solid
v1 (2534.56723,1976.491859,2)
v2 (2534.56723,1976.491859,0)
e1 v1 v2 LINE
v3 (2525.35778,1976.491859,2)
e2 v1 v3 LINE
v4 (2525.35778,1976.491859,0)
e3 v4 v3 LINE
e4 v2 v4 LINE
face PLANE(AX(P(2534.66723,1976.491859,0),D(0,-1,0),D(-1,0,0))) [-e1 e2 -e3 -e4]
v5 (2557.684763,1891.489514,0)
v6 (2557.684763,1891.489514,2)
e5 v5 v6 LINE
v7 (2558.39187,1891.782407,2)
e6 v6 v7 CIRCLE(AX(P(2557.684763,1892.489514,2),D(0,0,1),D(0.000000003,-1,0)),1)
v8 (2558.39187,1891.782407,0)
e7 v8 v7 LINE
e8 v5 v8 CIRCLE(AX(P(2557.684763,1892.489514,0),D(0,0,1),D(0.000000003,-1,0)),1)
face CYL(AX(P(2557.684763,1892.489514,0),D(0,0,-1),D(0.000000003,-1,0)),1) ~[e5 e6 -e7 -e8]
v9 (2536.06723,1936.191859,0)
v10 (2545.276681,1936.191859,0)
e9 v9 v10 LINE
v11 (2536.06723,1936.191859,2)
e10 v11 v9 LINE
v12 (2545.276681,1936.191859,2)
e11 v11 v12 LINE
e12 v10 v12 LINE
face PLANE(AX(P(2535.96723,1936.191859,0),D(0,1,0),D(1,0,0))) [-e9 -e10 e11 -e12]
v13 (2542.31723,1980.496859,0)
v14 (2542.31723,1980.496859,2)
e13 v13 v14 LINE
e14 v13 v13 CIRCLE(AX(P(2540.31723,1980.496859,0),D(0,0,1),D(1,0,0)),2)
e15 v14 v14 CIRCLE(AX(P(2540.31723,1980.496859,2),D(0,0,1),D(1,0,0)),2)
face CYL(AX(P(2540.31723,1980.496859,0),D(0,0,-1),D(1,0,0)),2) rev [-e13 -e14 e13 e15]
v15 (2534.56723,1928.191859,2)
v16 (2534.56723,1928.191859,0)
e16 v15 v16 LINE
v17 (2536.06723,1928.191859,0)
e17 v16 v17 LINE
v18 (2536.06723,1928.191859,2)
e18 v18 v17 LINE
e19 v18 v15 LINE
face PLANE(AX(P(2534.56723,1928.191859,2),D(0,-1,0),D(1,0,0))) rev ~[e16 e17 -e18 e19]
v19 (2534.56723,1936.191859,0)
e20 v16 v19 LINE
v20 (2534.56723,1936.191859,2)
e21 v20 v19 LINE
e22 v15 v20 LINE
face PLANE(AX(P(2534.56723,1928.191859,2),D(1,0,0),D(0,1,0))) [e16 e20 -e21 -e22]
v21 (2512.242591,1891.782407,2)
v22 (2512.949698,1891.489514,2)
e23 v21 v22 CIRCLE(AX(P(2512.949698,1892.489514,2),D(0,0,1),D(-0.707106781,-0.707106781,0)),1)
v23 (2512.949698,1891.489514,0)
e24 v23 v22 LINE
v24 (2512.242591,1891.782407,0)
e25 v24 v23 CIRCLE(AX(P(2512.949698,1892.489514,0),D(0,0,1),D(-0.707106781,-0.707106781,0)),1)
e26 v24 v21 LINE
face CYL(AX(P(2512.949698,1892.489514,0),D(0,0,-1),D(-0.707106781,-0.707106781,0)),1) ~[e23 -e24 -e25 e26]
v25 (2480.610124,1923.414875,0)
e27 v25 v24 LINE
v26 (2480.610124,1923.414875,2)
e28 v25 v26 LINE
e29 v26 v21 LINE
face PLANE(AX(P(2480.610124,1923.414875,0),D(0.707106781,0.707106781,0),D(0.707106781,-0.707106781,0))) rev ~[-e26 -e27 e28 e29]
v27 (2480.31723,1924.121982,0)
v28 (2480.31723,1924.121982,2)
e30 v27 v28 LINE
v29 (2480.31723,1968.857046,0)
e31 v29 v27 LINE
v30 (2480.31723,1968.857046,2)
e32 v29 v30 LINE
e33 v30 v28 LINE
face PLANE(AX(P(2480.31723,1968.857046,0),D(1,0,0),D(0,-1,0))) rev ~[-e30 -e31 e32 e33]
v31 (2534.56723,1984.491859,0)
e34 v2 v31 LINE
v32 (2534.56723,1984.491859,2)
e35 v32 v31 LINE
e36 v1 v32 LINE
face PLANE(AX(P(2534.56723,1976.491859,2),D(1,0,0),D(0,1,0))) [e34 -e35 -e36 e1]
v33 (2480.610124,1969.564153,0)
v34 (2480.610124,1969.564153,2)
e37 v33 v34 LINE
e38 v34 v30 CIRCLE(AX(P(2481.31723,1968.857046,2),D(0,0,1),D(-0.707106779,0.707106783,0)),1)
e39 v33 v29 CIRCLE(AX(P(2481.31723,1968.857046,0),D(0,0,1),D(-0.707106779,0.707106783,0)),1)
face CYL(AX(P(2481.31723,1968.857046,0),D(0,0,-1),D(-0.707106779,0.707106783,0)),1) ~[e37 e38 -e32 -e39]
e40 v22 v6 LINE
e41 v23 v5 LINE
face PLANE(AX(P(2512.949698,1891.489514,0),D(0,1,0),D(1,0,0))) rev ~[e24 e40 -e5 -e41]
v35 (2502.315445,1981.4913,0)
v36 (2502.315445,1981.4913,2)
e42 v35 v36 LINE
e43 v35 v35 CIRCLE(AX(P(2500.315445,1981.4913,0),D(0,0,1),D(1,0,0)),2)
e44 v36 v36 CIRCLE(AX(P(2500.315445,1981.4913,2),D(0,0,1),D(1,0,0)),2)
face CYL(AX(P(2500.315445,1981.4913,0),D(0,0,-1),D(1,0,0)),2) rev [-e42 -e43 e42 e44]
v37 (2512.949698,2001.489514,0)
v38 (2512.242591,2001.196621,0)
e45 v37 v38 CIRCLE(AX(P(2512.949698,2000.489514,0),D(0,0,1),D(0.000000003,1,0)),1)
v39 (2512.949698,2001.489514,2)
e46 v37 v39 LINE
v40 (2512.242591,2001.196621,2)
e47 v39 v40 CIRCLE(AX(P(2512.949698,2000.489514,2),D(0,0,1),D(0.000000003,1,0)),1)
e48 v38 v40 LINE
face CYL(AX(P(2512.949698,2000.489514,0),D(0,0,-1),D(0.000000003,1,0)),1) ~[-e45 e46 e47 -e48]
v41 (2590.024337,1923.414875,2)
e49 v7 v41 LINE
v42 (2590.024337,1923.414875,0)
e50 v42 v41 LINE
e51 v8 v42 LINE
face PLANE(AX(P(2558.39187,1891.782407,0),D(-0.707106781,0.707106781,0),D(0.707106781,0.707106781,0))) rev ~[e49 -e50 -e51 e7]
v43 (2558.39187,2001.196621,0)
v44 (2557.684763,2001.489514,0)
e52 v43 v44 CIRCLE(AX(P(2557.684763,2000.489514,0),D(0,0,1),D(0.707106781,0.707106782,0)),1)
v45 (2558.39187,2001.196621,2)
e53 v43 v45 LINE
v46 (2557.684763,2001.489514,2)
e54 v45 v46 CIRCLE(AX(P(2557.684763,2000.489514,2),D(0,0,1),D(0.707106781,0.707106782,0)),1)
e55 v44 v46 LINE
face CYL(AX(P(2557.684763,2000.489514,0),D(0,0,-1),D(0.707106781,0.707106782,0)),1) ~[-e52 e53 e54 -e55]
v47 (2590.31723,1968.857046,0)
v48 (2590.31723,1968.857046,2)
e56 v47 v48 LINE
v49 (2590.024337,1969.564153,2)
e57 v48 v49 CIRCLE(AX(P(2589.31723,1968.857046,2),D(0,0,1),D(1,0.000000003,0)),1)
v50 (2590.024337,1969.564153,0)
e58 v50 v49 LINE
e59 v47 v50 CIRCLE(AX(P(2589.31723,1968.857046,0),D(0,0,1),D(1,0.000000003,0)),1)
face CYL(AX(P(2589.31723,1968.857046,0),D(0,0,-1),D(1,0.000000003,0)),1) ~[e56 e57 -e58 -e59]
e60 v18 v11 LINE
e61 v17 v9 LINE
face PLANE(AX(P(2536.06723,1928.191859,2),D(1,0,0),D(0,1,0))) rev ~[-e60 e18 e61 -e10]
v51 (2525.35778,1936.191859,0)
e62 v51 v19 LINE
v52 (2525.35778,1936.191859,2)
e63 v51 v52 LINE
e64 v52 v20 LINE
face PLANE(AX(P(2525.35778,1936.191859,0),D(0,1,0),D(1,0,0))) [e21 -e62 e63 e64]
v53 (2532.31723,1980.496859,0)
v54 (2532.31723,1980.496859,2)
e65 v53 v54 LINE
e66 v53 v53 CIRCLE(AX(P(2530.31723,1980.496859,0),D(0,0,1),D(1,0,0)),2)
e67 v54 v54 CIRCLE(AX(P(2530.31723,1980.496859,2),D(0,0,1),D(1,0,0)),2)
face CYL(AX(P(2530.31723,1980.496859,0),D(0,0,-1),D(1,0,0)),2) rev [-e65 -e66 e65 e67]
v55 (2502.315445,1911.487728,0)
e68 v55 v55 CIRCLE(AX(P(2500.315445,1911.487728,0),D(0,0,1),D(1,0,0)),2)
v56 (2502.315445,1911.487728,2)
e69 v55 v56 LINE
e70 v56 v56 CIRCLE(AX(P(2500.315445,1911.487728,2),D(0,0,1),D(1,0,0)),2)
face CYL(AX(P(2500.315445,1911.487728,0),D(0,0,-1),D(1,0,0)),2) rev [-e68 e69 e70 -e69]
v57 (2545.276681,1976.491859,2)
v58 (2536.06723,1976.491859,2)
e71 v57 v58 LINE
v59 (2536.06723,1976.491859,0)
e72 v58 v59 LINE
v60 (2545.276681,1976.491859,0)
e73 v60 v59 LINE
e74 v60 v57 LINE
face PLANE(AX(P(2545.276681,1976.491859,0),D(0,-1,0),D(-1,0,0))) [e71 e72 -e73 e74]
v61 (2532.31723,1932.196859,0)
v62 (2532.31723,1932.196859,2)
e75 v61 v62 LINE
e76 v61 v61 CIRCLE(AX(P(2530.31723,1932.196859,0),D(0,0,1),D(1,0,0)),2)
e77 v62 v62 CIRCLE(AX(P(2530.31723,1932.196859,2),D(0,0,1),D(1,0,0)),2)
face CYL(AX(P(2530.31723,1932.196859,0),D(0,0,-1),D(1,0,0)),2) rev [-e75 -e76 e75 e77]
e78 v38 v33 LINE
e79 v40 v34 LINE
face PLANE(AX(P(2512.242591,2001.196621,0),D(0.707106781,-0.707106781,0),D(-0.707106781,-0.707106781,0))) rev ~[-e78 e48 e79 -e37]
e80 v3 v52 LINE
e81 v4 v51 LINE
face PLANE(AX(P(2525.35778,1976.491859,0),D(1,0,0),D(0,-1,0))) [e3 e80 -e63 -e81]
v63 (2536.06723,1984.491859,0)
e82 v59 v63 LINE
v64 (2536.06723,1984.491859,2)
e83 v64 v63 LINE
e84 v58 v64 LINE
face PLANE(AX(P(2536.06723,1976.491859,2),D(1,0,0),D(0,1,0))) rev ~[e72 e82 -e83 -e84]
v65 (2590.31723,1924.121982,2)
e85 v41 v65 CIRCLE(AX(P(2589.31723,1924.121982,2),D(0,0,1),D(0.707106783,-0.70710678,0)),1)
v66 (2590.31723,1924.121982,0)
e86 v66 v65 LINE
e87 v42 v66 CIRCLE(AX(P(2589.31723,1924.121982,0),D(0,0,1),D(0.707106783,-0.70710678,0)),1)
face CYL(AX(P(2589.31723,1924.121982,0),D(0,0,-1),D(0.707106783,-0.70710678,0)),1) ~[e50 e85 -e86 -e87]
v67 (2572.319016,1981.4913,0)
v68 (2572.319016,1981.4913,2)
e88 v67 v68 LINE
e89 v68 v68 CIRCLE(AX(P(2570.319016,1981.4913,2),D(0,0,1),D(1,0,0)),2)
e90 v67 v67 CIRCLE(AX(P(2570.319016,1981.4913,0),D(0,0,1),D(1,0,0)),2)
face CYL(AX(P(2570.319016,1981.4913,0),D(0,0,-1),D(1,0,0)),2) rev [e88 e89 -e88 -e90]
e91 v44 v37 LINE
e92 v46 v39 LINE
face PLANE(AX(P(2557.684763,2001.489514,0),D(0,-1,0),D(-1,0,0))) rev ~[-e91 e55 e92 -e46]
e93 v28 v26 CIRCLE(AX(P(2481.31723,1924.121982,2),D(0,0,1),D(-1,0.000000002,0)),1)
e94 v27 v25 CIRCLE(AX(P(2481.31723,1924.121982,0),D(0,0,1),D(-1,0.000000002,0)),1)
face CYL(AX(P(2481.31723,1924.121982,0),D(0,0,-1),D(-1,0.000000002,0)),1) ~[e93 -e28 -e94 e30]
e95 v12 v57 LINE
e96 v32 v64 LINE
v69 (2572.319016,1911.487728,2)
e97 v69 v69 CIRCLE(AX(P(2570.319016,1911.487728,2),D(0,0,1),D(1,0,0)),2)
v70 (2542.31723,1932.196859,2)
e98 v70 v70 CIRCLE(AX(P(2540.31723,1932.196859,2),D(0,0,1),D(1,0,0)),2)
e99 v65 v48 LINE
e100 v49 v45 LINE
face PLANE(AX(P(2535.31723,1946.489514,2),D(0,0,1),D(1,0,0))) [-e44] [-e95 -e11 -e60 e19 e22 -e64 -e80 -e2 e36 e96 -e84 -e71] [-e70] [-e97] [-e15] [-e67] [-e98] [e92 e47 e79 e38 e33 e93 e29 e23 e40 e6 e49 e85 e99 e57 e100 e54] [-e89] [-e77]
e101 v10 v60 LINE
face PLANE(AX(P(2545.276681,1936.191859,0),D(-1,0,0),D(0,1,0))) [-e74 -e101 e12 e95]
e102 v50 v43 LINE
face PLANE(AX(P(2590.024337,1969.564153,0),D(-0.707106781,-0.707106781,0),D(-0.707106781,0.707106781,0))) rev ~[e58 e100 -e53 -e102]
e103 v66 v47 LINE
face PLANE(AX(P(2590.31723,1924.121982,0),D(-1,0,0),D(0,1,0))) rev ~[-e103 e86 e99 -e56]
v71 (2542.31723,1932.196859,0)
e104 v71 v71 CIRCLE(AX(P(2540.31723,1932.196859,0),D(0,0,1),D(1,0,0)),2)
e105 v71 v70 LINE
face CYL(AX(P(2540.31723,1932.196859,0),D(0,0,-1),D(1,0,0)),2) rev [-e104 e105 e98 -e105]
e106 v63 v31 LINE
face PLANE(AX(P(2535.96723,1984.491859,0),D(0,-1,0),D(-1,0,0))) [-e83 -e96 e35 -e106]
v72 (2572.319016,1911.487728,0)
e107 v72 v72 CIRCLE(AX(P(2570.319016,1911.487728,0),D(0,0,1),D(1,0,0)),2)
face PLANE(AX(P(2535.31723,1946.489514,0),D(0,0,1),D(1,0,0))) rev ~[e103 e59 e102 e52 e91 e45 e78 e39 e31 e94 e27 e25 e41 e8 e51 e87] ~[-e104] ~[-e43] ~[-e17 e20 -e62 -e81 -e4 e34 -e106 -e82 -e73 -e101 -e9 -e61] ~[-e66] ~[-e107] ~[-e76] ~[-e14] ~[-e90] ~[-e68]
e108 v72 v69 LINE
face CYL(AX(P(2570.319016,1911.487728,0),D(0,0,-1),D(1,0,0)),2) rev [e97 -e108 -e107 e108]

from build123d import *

# Parameters (mm, degrees)
MODEL_R             = 2
EXTRUDE_1_DEPTH     = 2
SKETCH_3_W          = 0.1
SKETCH_3_H          = 8
CUT_EXTRUDE_1_DEPTH = 2
SKETCH_6_W          = 0.1
SKETCH_6_H          = 8
CUT_EXTRUDE_2_DEPTH = 2


with BuildPart() as part:
    # Model → 凸台-拉伸1 (new body)
    with BuildSketch(Plane.XY):
        with BuildLine():
            Line((2557.684762722, 2001.48951402), (2512.949697986, 2001.48951402))
            ThreePointArc((2512.949697986, 2001.48951402), (2512.567014553, 2001.413393553), (2512.242591205, 2001.196620802))
            Line((2512.242591205, 2001.196620802), (2480.610123573, 1969.56415317))
            ThreePointArc((2480.610123573, 1969.56415317), (2480.393350821, 1969.239729821), (2480.317230354, 1968.857046389))
            Line((2480.317230354, 1968.857046389), (2480.317230354, 1924.121981652))
            ThreePointArc((2480.317230354, 1924.121981652), (2480.393350821, 1923.73929822), (2480.610123573, 1923.414874871))
            Line((2480.610123573, 1923.414874871), (2512.242591205, 1891.782407239))
            ThreePointArc((2512.242591205, 1891.782407239), (2512.567014553, 1891.565634488), (2512.949697986, 1891.48951402))
            Line((2512.949697986, 1891.48951402), (2557.684762722, 1891.48951402))
            ThreePointArc((2557.684762722, 1891.48951402), (2558.067446154, 1891.565634488), (2558.391869503, 1891.782407239))
            Line((2558.391869503, 1891.782407239), (2590.024337135, 1923.414874871))
            ThreePointArc((2590.024337135, 1923.414874871), (2590.241109886, 1923.73929822), (2590.317230354, 1924.121981652))
            Line((2590.317230354, 1924.121981652), (2590.317230354, 1968.857046389))
            ThreePointArc((2590.317230354, 1968.857046389), (2590.241109886, 1969.239729821), (2590.024337135, 1969.56415317))
            Line((2590.024337135, 1969.56415317), (2558.391869503, 2001.196620802))
            ThreePointArc((2558.391869503, 2001.196620802), (2558.067446154, 2001.413393553), (2557.684762722, 2001.48951402))
        make_face()
        with Locations((2500.315444685, 1911.487728352)):
            Circle(MODEL_R, mode=Mode.SUBTRACT)
        with Locations((2570.319016023, 1981.491299689)):
            Circle(MODEL_R, mode=Mode.SUBTRACT)
        with Locations((2530.317230354, 1980.496859135)):
            Circle(MODEL_R, mode=Mode.SUBTRACT)
        with Locations((2540.317230354, 1932.196859135)):
            Circle(MODEL_R, mode=Mode.SUBTRACT)
        with Locations((2540.317230354, 1980.496859135)):
            Circle(MODEL_R, mode=Mode.SUBTRACT)
        with Locations((2500.315444685, 1981.491299689)):
            Circle(MODEL_R, mode=Mode.SUBTRACT)
        with Locations((2570.319016023, 1911.487728352)):
            Circle(MODEL_R, mode=Mode.SUBTRACT)
        with Locations((2530.317230354, 1932.196859135)):
            Circle(MODEL_R, mode=Mode.SUBTRACT)
        Polygon((2535.967230354, 1976.491859135), (2535.967230354, 1984.491859135), (2534.667230354, 1984.491859135), (2534.667230354, 1976.491859135), (2525.357779796, 1976.491859135), (2525.357779796, 1936.191859135), (2534.667230354, 1936.191859135), (2534.667230354, 1928.191859135), (2535.967230354, 1928.191859135), (2535.967230354, 1936.191859135), (2545.276680912, 1936.191859135), (2545.276680912, 1976.491859135), align=None, mode=Mode.SUBTRACT)
    extrude(amount=EXTRUDE_1_DEPTH)

    # 草图3 → 切除-拉伸1 (cut)
    with BuildSketch(Plane.XY.offset(2)):
        with Locations((2536.017230354, 1932.191859135)):
            Rectangle(SKETCH_3_W, SKETCH_3_H)
        with Locations((2534.617230354, 1932.191859135)):
            Rectangle(SKETCH_3_W, SKETCH_3_H)
    extrude(amount=-CUT_EXTRUDE_1_DEPTH, mode=Mode.SUBTRACT)

    # 草图6 → 切除-拉伸2 (cut)
    with BuildSketch(Plane.XY.offset(2)):
        with Locations((2536.017230354, 1980.491859135)):
            Rectangle(SKETCH_6_W, SKETCH_6_H)
        with Locations((2534.617230354, 1980.491859135)):
            Rectangle(SKETCH_6_W, SKETCH_6_H)
    extrude(amount=-CUT_EXTRUDE_2_DEPTH, mode=Mode.SUBTRACT)


solid = part.part
